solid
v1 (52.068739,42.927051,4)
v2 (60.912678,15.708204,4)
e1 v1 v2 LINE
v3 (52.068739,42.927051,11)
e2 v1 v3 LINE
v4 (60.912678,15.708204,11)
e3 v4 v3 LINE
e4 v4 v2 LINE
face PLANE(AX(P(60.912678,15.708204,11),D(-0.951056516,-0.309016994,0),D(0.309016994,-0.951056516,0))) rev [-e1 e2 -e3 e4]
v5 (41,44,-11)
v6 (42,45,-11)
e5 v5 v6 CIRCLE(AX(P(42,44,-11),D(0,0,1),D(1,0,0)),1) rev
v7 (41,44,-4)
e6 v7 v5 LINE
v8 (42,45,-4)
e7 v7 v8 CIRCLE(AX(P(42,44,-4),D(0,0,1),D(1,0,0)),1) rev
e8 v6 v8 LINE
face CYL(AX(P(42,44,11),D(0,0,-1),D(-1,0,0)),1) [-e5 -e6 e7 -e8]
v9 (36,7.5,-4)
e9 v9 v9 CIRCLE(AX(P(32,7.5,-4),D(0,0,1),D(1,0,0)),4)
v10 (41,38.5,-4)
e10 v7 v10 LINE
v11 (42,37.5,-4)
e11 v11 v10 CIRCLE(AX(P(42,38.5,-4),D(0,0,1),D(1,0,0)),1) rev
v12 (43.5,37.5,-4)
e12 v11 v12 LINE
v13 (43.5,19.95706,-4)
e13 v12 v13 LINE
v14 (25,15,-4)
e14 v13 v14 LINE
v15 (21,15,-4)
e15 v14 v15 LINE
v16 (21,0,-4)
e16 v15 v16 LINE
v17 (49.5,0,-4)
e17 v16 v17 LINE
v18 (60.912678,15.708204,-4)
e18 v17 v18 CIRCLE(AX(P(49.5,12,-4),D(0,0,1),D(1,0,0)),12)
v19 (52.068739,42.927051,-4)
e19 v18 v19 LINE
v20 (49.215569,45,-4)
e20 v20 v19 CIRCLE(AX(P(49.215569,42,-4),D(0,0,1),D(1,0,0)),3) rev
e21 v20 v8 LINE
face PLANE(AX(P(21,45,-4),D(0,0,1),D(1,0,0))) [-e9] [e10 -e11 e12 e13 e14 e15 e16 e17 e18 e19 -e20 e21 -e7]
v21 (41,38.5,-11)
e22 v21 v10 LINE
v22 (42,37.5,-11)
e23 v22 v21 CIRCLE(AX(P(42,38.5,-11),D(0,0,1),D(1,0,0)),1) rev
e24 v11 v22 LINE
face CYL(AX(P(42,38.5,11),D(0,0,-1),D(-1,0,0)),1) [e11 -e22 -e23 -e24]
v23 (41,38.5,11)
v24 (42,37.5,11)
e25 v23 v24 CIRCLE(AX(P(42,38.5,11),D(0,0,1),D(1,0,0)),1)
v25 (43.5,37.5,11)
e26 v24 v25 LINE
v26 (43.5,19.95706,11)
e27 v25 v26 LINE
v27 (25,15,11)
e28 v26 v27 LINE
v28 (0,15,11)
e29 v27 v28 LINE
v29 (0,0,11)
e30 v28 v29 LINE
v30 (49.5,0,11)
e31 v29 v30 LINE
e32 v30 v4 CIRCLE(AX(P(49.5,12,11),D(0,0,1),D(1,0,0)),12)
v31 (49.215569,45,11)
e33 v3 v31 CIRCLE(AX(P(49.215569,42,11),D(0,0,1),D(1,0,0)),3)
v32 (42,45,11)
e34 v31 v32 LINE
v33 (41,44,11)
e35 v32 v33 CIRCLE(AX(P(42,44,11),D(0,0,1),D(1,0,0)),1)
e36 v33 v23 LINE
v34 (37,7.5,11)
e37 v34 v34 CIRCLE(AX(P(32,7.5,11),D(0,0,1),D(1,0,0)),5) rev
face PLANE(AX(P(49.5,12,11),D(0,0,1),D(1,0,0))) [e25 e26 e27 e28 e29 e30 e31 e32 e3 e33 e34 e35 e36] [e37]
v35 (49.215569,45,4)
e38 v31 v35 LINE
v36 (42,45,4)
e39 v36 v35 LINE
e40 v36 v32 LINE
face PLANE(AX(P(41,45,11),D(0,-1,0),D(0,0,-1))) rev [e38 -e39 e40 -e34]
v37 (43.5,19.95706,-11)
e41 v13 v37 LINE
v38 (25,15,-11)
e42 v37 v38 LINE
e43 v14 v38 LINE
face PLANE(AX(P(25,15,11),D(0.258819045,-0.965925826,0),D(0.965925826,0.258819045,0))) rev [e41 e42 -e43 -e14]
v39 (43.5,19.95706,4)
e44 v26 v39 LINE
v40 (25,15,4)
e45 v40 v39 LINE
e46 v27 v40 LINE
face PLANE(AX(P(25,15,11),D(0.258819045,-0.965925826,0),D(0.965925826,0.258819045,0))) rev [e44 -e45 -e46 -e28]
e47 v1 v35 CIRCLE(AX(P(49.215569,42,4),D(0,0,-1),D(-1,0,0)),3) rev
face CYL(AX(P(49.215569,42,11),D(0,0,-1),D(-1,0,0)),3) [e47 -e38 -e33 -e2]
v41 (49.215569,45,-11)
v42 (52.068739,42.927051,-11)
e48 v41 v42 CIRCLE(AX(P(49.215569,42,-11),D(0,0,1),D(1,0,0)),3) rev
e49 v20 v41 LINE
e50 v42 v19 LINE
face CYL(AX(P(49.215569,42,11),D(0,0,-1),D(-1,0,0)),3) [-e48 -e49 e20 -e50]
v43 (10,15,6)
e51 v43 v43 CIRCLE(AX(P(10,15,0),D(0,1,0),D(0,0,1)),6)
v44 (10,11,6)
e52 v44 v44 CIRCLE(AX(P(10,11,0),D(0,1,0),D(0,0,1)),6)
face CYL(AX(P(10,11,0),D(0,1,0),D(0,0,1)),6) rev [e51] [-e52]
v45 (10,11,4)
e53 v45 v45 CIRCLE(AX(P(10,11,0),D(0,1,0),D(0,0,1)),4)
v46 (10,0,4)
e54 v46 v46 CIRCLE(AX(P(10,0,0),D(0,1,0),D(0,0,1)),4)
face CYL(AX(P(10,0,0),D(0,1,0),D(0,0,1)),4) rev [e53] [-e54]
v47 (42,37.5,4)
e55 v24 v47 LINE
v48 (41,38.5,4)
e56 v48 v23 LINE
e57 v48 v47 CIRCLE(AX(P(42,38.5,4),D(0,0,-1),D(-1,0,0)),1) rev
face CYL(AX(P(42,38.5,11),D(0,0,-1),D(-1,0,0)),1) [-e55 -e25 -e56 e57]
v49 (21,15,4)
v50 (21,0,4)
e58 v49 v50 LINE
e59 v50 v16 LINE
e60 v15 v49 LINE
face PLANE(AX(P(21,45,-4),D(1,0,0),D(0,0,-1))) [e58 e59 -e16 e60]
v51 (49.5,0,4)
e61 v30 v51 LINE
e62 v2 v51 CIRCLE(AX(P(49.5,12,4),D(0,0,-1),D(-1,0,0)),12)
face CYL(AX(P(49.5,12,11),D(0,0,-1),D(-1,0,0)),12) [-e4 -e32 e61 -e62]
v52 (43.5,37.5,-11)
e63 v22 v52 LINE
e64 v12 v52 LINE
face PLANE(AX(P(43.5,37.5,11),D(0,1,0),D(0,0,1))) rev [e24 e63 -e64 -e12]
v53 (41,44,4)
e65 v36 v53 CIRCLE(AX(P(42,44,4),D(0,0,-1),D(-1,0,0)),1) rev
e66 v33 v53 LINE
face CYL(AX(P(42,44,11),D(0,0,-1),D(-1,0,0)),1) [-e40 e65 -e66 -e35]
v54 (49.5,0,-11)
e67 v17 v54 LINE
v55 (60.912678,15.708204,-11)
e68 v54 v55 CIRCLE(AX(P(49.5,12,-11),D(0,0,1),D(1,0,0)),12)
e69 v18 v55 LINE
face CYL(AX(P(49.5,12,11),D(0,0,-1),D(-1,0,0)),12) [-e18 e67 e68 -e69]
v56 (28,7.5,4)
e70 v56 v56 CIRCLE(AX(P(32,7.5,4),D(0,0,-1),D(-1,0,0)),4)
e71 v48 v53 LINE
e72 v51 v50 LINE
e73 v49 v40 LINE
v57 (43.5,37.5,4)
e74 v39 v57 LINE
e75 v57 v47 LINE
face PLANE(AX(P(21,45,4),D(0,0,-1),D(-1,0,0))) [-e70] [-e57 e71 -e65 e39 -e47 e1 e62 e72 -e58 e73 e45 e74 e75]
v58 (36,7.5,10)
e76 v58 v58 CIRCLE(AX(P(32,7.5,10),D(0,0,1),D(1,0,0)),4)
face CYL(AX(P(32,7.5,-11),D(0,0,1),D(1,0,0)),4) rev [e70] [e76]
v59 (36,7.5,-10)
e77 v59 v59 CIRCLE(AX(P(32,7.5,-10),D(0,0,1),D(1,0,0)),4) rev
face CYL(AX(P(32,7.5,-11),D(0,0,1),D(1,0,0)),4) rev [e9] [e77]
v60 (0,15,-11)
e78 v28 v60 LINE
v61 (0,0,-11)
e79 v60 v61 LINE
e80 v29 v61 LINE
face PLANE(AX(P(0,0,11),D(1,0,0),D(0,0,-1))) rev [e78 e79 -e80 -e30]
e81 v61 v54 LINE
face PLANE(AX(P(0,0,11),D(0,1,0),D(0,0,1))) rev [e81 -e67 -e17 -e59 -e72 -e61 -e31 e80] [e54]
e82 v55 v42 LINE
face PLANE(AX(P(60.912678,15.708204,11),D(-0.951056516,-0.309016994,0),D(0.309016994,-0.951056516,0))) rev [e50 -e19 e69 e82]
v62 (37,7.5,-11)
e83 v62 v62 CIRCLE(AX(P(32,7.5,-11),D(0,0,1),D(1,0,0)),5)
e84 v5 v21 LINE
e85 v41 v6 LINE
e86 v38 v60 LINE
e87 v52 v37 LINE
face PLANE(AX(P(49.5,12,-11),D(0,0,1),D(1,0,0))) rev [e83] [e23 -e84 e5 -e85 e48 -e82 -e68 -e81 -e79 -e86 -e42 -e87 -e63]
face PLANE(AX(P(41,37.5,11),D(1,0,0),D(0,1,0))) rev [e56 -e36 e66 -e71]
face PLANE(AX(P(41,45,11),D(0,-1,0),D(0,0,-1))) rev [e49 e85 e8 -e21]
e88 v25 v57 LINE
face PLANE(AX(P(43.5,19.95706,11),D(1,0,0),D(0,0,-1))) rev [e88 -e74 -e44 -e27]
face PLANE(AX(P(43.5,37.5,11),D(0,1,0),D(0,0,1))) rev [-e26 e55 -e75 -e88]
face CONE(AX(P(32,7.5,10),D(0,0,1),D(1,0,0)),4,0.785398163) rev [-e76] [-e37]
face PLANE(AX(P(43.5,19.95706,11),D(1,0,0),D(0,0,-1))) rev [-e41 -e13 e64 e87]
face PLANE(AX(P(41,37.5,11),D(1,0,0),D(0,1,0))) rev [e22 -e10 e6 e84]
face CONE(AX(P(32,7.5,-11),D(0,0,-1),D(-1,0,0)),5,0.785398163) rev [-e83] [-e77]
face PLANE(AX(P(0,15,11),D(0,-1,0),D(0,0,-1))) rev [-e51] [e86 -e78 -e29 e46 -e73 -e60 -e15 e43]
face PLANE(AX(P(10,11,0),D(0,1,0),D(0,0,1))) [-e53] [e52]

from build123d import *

# Parameters (mm, degrees)
ESTRUSIONE_ESTRUSIONE2_DEPTH  = 11
RACCORDO1_R                   = 3
SCHIZZO2_R                    = 4
TAGLIO_ESTRUSIONE1_DEPTH      = 16
SCHIZZO2_3_R                  = 6
SCHIZZO2_3_R_2                = 4
TAGLIO_ESTRUSIONE2_DEPTH      = 4
RACCORDO2_R                   = 1
SCHIZZO3_W                    = 40.5
SCHIZZO3_H                    = 8
TAGLIO_ESTRUSIONE4_DEPTH      = 46
TAGLIO_ESTRUSIONE4_DEPTH_BACK = 1
SCHIZZO4_R                    = 4
TAGLIO_ESTRUSIONE5_DEPTH      = 23
SMUSSO1_SIZE                  = 1


with BuildPart() as part:
    # Schizzo1 → Estrusione-Estrusione2 (new body, symmetric)
    with BuildSketch(Plane.XY):
        with BuildLine():
            Line((0, 0), (0, 15))
            Line((0, 15), (25, 15))
            Line((25, 15), (43.5, 19.95706006))
            Line((43.5, 19.95706006), (43.5, 37.5))
            Line((43.5, 37.5), (41, 37.5))
            Line((41, 37.5), (41, 45))
            Line((41, 45), (51.395196715, 45))
            Line((51.395196715, 45), (60.912678196, 15.708203932))
            ThreePointArc((60.912678196, 15.708203932), (59.208203932, 4.946576972), (49.5, 0))
            Line((49.5, 0), (0, 0))
        make_face()
    extrude(amount=ESTRUSIONE_ESTRUSIONE2_DEPTH, both=True)

    # Raccordo1
    raccordo1_edges = [part.edges().sort_by_distance(p)[0] for p in [
        (51.395196715, 45, 0),
    ]]
    fillet(raccordo1_edges, radius=RACCORDO1_R)

    # Schizzo2 → Taglio-Estrusione1 (cut, through all)
    with BuildSketch(Plane(origin=(0, 15, 0), x_dir=(1, 0, 0), z_dir=(0, 1, 0))):
        with Locations((10, 0)):
            Circle(SCHIZZO2_R)
    extrude(amount=-TAGLIO_ESTRUSIONE1_DEPTH, mode=Mode.SUBTRACT)

    # Schizzo2<3> → Taglio-Estrusione2 (cut)
    with BuildSketch(Plane(origin=(0, 15, 0), x_dir=(1, 0, 0), z_dir=(0, 1, 0))):
        with Locations((10, 0)):
            Circle(SCHIZZO2_3_R)
        with Locations((10, 0)):
            Circle(SCHIZZO2_3_R_2, mode=Mode.SUBTRACT)
    extrude(amount=-TAGLIO_ESTRUSIONE2_DEPTH, mode=Mode.SUBTRACT)

    # Raccordo2
    raccordo2_edges = [part.edges().sort_by_distance(p)[0] for p in [
        (41, 37.5, 0),
        (41, 45, 0),
    ]]
    fillet(raccordo2_edges, radius=RACCORDO2_R)

    # Schizzo3 → Taglio-Estrusione4 (cut, two sides)
    with BuildSketch(Plane(origin=(0, 0, 0), x_dir=(1, 0, 0), z_dir=(0, 1, 0))) as taglio_estrusione4_sk:
        with Locations((41.25, 0)):
            Rectangle(SCHIZZO3_W, SCHIZZO3_H)
    extrude(amount=TAGLIO_ESTRUSIONE4_DEPTH, mode=Mode.SUBTRACT)
    extrude(taglio_estrusione4_sk.sketch, amount=-TAGLIO_ESTRUSIONE4_DEPTH_BACK, mode=Mode.SUBTRACT)

    # Schizzo4 → Taglio-Estrusione5 (cut, through all)
    with BuildSketch(Plane.XY.offset(11)):
        with Locations((32, 7.5)):
            Circle(SCHIZZO4_R)
    extrude(amount=-TAGLIO_ESTRUSIONE5_DEPTH, mode=Mode.SUBTRACT)

    # Smusso1
    smusso1_edges = [part.edges().sort_by_distance(p)[0] for p in [
        (28, 7.5, -11),
        (28, 7.5, 11),
    ]]
    chamfer(smusso1_edges, length=SMUSSO1_SIZE)


solid = part.part
